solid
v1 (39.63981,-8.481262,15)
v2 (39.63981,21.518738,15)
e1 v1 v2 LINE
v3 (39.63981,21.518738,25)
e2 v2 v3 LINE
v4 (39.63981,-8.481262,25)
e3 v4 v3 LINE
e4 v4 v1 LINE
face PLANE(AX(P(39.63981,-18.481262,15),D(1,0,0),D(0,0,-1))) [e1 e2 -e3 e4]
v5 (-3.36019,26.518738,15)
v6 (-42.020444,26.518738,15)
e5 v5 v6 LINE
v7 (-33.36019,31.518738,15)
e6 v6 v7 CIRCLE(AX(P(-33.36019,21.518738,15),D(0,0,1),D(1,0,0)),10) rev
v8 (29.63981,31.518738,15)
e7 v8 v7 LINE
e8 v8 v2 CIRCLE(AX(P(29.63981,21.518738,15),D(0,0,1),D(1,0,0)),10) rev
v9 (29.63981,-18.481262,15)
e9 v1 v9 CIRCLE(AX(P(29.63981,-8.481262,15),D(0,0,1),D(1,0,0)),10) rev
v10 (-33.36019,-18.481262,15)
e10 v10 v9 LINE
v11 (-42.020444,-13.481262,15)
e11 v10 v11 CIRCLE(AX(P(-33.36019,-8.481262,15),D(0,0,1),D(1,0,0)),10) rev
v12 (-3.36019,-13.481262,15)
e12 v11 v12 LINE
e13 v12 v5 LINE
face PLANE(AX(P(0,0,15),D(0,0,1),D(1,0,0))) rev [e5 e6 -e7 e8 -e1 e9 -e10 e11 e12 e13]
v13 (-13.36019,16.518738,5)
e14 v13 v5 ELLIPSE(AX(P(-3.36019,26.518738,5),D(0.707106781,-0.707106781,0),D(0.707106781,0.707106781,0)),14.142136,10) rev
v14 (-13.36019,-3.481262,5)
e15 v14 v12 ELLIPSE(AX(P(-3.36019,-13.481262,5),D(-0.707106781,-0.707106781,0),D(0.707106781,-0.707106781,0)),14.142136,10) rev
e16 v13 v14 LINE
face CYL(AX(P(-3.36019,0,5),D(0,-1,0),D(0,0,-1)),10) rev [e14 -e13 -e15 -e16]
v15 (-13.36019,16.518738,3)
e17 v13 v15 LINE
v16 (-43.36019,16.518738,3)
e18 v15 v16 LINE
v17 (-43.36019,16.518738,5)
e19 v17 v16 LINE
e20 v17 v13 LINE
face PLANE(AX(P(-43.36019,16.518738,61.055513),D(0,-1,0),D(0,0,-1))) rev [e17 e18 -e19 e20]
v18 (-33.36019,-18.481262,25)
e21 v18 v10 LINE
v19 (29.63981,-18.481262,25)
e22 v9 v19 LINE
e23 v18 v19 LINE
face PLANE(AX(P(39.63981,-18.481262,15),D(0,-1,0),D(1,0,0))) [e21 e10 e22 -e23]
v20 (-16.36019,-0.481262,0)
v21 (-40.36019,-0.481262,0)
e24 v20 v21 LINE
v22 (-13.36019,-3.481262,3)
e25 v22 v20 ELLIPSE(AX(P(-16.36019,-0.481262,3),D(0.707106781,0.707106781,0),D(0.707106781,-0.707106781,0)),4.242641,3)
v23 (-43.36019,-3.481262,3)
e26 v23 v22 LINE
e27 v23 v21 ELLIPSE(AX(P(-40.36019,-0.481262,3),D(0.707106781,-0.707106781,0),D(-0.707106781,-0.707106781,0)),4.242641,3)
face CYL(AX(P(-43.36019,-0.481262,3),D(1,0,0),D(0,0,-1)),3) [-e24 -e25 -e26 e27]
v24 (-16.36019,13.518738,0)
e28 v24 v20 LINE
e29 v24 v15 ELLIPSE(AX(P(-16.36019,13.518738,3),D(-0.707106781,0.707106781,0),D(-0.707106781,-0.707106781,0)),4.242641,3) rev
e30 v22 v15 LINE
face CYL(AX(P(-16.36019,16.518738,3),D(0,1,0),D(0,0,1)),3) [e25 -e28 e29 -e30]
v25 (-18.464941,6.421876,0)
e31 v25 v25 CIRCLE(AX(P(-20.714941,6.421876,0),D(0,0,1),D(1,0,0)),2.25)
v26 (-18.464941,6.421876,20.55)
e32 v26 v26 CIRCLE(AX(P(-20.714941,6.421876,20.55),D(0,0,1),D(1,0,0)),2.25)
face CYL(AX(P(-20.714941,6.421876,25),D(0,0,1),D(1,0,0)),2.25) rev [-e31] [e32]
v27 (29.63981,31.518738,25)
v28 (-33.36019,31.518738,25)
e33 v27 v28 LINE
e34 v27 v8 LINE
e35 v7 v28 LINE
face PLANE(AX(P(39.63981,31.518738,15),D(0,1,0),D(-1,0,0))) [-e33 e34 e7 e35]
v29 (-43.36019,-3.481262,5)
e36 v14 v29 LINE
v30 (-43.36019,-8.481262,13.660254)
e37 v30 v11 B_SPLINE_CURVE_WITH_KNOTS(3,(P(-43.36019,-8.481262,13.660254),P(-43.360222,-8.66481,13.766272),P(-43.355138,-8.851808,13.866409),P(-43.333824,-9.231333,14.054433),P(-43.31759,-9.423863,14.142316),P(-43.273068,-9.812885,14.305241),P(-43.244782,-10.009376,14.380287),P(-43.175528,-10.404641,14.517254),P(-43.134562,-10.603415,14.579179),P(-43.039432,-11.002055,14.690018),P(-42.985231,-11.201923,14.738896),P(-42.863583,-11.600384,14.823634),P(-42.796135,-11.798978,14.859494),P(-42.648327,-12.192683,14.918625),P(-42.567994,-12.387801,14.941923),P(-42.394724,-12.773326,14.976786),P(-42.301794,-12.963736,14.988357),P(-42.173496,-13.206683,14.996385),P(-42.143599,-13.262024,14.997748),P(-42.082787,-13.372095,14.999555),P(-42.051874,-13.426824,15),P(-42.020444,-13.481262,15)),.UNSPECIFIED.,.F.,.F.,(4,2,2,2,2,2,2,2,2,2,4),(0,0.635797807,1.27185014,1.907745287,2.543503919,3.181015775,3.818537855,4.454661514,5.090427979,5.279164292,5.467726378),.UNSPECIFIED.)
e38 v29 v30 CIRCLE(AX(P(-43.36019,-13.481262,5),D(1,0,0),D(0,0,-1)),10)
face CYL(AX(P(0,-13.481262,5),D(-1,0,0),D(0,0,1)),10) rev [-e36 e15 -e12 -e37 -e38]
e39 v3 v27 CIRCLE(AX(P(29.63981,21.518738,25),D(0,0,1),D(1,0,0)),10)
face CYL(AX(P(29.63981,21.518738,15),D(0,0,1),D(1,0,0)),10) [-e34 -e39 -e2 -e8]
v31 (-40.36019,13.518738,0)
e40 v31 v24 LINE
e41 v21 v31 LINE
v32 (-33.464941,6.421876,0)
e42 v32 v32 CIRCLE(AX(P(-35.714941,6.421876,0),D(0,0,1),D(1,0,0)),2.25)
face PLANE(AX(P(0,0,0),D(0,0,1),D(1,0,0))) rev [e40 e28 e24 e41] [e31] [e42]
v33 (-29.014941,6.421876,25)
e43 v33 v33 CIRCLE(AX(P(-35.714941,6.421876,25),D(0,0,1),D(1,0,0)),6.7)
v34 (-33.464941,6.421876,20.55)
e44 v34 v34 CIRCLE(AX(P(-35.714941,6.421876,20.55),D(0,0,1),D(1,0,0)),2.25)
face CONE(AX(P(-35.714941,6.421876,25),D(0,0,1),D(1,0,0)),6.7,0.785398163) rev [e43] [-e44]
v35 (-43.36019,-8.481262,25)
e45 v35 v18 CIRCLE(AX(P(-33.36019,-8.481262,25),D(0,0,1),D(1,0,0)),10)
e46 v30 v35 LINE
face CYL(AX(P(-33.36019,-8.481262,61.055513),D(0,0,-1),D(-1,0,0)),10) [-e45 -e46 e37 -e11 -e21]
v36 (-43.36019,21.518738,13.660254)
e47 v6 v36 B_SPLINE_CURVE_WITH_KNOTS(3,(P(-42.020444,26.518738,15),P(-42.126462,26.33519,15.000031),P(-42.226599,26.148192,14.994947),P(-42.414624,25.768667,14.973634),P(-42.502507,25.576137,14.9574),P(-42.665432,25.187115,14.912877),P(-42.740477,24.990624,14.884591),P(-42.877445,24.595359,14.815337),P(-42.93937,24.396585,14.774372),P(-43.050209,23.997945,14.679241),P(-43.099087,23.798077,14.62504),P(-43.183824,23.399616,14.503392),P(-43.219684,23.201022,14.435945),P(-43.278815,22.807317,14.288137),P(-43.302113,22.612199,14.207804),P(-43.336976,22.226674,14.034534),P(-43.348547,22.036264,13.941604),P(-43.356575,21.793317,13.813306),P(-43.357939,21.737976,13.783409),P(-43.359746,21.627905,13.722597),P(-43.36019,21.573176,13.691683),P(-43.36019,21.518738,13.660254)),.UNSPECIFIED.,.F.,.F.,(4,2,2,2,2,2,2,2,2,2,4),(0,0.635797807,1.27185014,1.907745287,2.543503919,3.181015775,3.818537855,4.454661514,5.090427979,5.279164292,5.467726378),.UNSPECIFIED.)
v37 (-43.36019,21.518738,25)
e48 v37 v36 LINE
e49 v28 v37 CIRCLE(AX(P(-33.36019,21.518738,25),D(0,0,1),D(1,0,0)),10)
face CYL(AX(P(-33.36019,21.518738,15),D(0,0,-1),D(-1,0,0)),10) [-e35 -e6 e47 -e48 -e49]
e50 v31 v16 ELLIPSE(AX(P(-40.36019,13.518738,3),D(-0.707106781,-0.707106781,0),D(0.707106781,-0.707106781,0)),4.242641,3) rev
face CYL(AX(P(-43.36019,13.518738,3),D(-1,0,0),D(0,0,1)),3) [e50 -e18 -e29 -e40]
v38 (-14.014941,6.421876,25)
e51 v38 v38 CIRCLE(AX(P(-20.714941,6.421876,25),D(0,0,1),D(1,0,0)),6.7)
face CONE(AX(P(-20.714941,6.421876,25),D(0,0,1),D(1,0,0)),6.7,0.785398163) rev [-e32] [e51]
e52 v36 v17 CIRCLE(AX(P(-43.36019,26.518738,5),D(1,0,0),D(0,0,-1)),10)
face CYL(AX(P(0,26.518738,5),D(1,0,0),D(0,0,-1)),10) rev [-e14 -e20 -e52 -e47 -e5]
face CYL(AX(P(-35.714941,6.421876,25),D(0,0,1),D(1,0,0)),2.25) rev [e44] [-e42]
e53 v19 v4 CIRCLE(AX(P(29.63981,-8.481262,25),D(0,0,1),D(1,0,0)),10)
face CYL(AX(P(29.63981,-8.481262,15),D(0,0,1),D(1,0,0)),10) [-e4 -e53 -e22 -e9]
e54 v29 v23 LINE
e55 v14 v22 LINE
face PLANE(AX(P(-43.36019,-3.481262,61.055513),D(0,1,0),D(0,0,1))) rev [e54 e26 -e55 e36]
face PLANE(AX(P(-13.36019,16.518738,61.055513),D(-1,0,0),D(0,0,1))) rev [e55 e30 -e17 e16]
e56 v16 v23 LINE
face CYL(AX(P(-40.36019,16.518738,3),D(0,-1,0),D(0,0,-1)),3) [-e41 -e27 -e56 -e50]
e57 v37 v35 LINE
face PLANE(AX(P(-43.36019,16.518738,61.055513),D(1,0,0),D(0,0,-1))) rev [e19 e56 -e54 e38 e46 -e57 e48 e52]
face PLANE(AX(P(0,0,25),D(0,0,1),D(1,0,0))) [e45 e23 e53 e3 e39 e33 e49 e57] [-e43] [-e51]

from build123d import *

# Parameters (mm, degrees)
SKETCH2_W                                       = 30
SKETCH2_H                                       = 20
BOSS_EXTRUDE1_DEPTH                             = 25
SKETCH3_W                                       = 83
SKETCH3_H                                       = 50
BOSS_EXTRUDE2_DEPTH                             = 10
CSK_FOR_M4_FLAT_HEAD_MACHINE_SCREW1_D           = 4.5
CSK_FOR_M4_FLAT_HEAD_MACHINE_SCREW1_CSINK_D     = 13.4
CSK_FOR_M4_FLAT_HEAD_MACHINE_SCREW1_CSINK_ANGLE = 90
FILLET1_R                                       = 10
FILLET2_R                                       = 10
FILLET3_R                                       = 3


with BuildPart() as part:
    # Sketch2 → Boss-Extrude1 (new body)
    with BuildSketch(Plane.XY):
        with Locations((-28.360190379, 6.518738069)):
            Rectangle(SKETCH2_W, SKETCH2_H)
    extrude(amount=BOSS_EXTRUDE1_DEPTH)

    # Sketch3 → Boss-Extrude2 (add)
    with BuildSketch(Plane.XY.offset(25)):
        with Locations((-1.860190379, 6.518738069)):
            Rectangle(SKETCH3_W, SKETCH3_H)
    extrude(amount=-BOSS_EXTRUDE2_DEPTH)

    # CSK for M4 Flat Head Machine Screw1 (through all)
    with Locations(Plane.XY.offset(25)):
        with Locations((-35.714941389, 6.421876295), (-20.714941389, 6.421876295)):
            CounterSinkHole(CSK_FOR_M4_FLAT_HEAD_MACHINE_SCREW1_D / 2, CSK_FOR_M4_FLAT_HEAD_MACHINE_SCREW1_CSINK_D / 2, counter_sink_angle=CSK_FOR_M4_FLAT_HEAD_MACHINE_SCREW1_CSINK_ANGLE)

    # Fillet1
    fillet1_edges = [part.edges().sort_by_distance(p)[0] for p in [
        (-43.360190379, -18.481261931, 20),
        (-43.360190379, 31.518738069, 20),
        (39.639809621, 31.518738069, 20),
        (39.639809621, -18.481261931, 20),
    ]]
    fillet(fillet1_edges, radius=FILLET1_R)

    # Fillet2
    fillet2_edges = [part.edges().sort_by_distance(p)[0] for p in [
        (-28.360190379, -3.481261931, 15),
        (-13.360190379, 6.518738069, 15),
        (-28.360190379, 16.518738069, 15),
    ]]
    fillet(fillet2_edges, radius=FILLET2_R)

    # Fillet3
    fillet3_edges = [part.edges().sort_by_distance(p)[0] for p in [
        (-28.360190379, -3.481261931, 0),
        (-13.360190379, 6.518738069, 0),
        (-28.360190379, 16.518738069, 0),
        (-43.360190379, 6.518738069, 0),
    ]]
    fillet(fillet3_edges, radius=FILLET3_R)


solid = part.part
